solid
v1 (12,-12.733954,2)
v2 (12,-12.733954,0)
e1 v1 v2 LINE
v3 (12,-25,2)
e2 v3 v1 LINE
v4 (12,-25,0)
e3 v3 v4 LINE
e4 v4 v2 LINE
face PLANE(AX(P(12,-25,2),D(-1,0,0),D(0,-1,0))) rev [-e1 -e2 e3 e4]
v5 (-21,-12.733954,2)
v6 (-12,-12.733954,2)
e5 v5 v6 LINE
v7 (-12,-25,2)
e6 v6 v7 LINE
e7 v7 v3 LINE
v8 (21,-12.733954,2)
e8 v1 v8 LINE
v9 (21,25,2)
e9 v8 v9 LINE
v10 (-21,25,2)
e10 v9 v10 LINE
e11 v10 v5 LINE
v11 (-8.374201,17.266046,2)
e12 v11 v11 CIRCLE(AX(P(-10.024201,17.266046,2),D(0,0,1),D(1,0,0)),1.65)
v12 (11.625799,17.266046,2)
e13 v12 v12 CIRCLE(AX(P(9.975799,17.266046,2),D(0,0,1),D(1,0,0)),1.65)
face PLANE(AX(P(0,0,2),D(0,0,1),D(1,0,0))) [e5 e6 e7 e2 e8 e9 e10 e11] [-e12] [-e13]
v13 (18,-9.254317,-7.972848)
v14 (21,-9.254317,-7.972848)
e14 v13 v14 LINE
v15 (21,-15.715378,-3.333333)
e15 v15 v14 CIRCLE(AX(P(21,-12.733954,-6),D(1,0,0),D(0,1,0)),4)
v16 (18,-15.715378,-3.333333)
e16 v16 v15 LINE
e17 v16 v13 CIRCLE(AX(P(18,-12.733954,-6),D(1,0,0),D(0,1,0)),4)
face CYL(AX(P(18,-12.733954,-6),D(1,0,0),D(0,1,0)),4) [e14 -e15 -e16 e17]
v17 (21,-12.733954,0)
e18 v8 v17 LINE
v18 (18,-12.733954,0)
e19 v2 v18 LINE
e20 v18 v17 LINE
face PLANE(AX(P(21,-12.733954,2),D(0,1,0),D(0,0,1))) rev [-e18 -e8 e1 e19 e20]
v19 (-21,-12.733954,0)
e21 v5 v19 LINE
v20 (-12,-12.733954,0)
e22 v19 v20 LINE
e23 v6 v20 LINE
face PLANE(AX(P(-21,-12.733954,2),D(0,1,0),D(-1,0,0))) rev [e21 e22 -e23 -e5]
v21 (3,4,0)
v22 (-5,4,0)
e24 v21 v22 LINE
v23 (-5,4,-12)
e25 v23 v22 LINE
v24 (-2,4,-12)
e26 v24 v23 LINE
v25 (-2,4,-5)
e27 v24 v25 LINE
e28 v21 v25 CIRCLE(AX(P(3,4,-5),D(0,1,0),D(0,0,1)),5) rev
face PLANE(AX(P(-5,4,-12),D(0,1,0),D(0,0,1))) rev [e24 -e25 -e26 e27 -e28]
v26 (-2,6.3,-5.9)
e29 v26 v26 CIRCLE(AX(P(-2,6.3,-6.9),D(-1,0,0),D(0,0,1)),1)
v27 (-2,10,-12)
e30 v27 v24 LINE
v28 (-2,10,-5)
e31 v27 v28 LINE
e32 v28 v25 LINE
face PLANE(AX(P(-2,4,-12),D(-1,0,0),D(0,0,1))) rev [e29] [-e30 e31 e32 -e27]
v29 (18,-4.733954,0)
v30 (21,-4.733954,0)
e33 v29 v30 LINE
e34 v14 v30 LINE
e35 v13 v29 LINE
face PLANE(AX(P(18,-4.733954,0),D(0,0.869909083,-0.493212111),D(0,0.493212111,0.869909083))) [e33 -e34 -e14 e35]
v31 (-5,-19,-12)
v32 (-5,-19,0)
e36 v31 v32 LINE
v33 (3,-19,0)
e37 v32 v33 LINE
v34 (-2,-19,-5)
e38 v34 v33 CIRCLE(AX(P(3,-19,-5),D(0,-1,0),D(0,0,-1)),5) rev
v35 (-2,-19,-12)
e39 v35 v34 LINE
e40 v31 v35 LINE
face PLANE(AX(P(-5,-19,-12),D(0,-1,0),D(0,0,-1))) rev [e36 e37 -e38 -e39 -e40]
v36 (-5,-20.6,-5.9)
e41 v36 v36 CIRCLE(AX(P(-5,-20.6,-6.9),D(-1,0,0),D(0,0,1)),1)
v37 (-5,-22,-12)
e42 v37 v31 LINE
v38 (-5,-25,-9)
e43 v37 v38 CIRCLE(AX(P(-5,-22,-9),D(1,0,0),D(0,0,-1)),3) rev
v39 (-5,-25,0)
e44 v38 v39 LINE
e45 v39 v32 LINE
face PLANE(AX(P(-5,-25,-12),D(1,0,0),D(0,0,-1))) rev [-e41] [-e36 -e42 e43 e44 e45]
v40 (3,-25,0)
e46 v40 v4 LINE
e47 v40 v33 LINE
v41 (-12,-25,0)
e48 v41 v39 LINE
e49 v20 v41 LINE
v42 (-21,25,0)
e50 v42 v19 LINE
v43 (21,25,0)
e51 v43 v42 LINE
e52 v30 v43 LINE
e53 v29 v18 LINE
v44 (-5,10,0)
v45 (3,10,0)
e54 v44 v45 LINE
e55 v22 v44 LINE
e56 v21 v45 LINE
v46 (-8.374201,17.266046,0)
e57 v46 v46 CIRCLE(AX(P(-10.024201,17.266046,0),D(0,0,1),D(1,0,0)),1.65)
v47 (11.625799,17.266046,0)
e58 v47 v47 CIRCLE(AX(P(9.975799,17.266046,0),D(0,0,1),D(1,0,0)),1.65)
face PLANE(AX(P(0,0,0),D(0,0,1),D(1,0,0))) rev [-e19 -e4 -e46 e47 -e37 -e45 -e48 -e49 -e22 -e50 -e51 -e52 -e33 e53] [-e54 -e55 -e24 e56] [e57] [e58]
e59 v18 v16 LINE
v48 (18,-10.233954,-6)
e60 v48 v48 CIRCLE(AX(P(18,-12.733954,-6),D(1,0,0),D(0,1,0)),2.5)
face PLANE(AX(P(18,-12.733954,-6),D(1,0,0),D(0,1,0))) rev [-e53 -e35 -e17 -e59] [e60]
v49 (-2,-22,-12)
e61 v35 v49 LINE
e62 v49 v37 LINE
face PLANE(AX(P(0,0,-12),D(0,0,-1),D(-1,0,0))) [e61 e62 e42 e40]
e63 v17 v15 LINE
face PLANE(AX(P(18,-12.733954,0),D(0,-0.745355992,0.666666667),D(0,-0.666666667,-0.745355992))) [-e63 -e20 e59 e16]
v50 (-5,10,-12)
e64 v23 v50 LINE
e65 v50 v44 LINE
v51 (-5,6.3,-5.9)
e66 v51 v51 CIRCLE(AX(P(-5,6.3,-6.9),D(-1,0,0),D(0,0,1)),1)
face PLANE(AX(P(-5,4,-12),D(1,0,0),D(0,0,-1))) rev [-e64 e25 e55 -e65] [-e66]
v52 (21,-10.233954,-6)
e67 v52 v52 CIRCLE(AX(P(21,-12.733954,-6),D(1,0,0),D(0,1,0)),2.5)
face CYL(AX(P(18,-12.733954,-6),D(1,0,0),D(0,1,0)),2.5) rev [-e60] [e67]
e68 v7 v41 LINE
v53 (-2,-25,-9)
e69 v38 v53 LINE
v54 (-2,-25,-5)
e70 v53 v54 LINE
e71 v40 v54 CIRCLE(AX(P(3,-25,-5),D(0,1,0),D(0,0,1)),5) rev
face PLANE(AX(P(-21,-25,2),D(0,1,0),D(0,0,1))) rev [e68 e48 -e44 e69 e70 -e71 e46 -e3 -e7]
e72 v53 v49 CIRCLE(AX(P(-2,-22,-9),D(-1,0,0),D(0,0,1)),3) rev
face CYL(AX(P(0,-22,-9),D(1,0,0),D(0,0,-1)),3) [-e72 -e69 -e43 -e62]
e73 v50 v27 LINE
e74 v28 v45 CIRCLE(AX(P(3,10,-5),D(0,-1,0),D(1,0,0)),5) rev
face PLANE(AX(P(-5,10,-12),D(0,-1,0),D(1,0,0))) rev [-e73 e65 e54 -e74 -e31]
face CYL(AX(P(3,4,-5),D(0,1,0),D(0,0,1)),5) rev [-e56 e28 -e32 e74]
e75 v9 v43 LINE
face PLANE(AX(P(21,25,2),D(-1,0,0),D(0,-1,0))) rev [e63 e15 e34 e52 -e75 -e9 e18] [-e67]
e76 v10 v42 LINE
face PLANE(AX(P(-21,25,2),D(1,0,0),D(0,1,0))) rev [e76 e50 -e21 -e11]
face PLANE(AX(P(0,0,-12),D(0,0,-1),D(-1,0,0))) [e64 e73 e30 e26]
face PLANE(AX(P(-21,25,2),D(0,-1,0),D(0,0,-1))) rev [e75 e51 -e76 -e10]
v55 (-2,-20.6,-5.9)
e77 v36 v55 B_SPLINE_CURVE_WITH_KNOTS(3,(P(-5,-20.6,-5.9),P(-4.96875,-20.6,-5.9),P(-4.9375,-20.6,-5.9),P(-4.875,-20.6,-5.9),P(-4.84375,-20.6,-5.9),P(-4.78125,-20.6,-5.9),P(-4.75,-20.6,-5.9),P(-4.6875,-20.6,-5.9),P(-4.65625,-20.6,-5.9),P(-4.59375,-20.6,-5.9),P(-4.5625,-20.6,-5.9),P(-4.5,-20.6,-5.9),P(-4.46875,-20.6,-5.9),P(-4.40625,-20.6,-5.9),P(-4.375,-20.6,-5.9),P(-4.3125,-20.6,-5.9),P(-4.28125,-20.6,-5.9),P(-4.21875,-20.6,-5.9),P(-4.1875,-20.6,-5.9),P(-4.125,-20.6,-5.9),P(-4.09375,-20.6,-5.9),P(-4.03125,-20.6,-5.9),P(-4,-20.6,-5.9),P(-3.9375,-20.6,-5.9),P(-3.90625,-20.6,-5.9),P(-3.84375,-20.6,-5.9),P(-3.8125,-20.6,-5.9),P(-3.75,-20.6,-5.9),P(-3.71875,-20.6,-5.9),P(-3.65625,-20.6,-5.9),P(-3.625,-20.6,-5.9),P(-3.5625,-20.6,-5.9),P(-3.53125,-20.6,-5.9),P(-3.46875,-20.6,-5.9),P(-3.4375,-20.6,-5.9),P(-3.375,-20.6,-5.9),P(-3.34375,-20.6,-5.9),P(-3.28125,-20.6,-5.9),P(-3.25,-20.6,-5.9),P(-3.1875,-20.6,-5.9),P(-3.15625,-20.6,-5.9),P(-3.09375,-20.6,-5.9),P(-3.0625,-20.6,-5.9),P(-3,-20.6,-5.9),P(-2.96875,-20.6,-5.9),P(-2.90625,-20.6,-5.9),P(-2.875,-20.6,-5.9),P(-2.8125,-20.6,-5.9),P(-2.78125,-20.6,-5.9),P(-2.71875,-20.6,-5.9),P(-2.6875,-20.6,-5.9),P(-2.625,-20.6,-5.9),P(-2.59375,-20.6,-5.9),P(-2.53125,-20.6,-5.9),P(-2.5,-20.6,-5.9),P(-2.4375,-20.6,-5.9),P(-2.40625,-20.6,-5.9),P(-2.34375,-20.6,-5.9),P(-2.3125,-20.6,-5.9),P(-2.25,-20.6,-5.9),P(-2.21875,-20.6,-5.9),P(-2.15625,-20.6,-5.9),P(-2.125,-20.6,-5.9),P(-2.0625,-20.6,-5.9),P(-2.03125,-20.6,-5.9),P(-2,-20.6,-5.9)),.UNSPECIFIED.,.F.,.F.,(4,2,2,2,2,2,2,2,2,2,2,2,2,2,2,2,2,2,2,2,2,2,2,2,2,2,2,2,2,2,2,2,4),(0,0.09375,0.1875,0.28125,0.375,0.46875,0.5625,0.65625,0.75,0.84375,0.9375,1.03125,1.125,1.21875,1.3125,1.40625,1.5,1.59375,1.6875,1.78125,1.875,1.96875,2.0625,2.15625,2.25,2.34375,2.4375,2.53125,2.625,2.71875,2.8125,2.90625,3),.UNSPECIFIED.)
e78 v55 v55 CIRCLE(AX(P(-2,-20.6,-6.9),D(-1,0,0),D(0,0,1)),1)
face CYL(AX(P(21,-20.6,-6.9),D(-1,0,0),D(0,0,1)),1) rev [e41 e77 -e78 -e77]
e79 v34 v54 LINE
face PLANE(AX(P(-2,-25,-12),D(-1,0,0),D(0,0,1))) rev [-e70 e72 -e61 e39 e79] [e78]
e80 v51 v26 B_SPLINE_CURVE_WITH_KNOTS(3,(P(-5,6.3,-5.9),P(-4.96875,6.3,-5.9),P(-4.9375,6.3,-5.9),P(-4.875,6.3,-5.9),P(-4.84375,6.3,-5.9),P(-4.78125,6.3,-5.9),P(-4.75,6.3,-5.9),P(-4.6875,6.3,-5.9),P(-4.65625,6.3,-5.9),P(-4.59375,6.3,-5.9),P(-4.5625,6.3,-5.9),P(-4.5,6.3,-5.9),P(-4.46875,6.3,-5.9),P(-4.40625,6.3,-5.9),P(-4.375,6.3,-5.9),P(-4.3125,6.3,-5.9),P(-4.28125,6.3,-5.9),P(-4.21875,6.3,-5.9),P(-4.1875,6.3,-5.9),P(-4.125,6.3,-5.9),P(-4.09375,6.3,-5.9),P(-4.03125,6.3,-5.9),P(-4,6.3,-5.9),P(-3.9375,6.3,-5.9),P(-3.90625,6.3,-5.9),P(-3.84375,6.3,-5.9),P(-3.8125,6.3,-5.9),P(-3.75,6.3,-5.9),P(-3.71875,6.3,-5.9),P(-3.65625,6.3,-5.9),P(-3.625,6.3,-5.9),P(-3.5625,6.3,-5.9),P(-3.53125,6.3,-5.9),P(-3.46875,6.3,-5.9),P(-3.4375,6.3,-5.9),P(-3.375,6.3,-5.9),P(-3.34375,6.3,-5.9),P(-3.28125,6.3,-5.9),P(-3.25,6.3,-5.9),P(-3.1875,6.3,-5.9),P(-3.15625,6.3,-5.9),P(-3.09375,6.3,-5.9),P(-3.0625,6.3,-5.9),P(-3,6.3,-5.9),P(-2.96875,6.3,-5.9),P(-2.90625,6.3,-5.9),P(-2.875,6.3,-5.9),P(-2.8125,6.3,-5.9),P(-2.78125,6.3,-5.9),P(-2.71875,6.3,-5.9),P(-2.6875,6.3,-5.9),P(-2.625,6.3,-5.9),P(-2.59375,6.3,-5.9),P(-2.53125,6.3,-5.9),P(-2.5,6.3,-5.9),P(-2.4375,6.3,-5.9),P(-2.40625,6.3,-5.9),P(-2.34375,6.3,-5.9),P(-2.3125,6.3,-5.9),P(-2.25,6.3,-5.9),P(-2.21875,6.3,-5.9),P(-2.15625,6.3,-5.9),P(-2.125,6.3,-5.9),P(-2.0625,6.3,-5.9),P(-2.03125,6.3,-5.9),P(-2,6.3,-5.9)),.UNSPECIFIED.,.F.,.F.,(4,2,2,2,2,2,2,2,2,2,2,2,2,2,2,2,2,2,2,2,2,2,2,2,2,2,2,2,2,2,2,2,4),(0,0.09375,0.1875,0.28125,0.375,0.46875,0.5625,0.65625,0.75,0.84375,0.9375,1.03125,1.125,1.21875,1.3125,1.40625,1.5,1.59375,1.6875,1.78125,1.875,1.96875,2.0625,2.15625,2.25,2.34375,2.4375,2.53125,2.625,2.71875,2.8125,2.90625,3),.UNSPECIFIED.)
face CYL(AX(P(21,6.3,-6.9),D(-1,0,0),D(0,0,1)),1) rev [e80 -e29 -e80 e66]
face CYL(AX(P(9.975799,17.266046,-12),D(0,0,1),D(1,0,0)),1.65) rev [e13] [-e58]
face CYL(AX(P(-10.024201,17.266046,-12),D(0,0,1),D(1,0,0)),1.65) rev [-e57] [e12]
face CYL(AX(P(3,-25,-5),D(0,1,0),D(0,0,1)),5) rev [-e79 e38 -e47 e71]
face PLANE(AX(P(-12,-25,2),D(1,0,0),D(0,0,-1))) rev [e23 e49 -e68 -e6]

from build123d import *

# Parameters (mm, degrees)
SKETCH_1_W          = 42
SKETCH_1_H          = 50
EXTRUDE_1_DEPTH     = 2
SKETCH_3_W          = 3
SKETCH_3_H          = 6
EXTRUDE_2_DEPTH     = 12
FILLET_1_R          = 5
FILLET_2_R          = 5
SKETCH_4_R          = 1
CUT_EXTRUDE_1_DEPTH = 39.013155617
SKETCH_5_R          = 2.5
EXTRUDE_3_DEPTH     = 3
SKETCH_6_W          = 9
SKETCH_6_H          = 12.266046359
CUT_EXTRUDE_2_DEPTH = 35.785054262
SKETCH_7_R          = 1.65
CUT_EXTRUDE_3_DEPTH = 36.524639337
FILLET_3_R          = 3


with BuildPart() as part:
    # 草图1 → 凸台-拉伸1 (new body)
    with BuildSketch(Plane.XY):
        Rectangle(SKETCH_1_W, SKETCH_1_H)
    extrude(amount=EXTRUDE_1_DEPTH)

    # 草图3 → 凸台-拉伸2 (add)
    with BuildSketch(Plane(origin=(0, 0, 0), x_dir=(-1, 0, 0), z_dir=(0, 0, -1))):
        with Locations((3.5, -22)):
            Rectangle(SKETCH_3_W, SKETCH_3_H)
        with Locations((3.5, 7)):
            Rectangle(SKETCH_3_W, SKETCH_3_H)
    extrude(amount=EXTRUDE_2_DEPTH)

    # 圆角1
    fillet_1_edges = [part.edges().sort_by_distance(p)[0] for p in [
        (-2, 7, 0),
    ]]
    fillet(fillet_1_edges, radius=FILLET_1_R)

    # 圆角2
    fillet_2_edges = [part.edges().sort_by_distance(p)[0] for p in [
        (-2, -22, 0),
    ]]
    fillet(fillet_2_edges, radius=FILLET_2_R)

    # 草图4 → 切除-拉伸1 (cut, through all)
    with BuildSketch(Plane.ZY.offset(5)):
        with Locations((-6.9, -20.6)):
            Circle(SKETCH_4_R)
        with Locations((-6.9, 6.3)):
            Circle(SKETCH_4_R)
    extrude(amount=-CUT_EXTRUDE_1_DEPTH, mode=Mode.SUBTRACT)

    # 草图5 → 凸台-拉伸3 (add)
    with BuildSketch(Plane(origin=(21, 0, 0), x_dir=(0, 0, -1), z_dir=(1, 0, 0))):
        with BuildLine():
            Line((0, -4.733953641), (0, -12.733953641))
            Line((0, -12.733953641), (3.333333333, -15.715377611))
            ThreePointArc((3.333333333, -15.715377611), (9.249103106, -15.067047939), (7.972848445, -9.254317307))
            Line((7.972848445, -9.254317307), (0, -4.733953641))
        make_face()
        with Locations(Location((6, -12.733953641, 0), (0, 0, 90))):
            Circle(SKETCH_5_R, mode=Mode.SUBTRACT)
    extrude(amount=-EXTRUDE_3_DEPTH)

    # 草图6 → 切除-拉伸2 (cut, through all)
    with BuildSketch(Plane(origin=(0, 0, 0), x_dir=(-1, 0, 0), z_dir=(0, 0, -1))):
        with Locations((-16.5, -18.86697682)):
            Rectangle(SKETCH_6_W, SKETCH_6_H)
        with Locations((16.5, -18.86697682)):
            Rectangle(SKETCH_6_W, SKETCH_6_H)
    extrude(amount=-CUT_EXTRUDE_2_DEPTH, mode=Mode.SUBTRACT)

    # 草图7 → 切除-拉伸3 (cut, through all)
    with BuildSketch(Plane.XY.offset(2)):
        with Locations((9.975799492, 17.266046359)):
            Circle(SKETCH_7_R)
        with Locations((-10.024200508, 17.266046359)):
            Circle(SKETCH_7_R)
    extrude(amount=-CUT_EXTRUDE_3_DEPTH, mode=Mode.SUBTRACT)

    # 圆角3
    fillet_3_edges = [part.edges().sort_by_distance(p)[0] for p in [
        (-3.5, -25, -12),
    ]]
    fillet(fillet_3_edges, radius=FILLET_3_R)


solid = part.part
